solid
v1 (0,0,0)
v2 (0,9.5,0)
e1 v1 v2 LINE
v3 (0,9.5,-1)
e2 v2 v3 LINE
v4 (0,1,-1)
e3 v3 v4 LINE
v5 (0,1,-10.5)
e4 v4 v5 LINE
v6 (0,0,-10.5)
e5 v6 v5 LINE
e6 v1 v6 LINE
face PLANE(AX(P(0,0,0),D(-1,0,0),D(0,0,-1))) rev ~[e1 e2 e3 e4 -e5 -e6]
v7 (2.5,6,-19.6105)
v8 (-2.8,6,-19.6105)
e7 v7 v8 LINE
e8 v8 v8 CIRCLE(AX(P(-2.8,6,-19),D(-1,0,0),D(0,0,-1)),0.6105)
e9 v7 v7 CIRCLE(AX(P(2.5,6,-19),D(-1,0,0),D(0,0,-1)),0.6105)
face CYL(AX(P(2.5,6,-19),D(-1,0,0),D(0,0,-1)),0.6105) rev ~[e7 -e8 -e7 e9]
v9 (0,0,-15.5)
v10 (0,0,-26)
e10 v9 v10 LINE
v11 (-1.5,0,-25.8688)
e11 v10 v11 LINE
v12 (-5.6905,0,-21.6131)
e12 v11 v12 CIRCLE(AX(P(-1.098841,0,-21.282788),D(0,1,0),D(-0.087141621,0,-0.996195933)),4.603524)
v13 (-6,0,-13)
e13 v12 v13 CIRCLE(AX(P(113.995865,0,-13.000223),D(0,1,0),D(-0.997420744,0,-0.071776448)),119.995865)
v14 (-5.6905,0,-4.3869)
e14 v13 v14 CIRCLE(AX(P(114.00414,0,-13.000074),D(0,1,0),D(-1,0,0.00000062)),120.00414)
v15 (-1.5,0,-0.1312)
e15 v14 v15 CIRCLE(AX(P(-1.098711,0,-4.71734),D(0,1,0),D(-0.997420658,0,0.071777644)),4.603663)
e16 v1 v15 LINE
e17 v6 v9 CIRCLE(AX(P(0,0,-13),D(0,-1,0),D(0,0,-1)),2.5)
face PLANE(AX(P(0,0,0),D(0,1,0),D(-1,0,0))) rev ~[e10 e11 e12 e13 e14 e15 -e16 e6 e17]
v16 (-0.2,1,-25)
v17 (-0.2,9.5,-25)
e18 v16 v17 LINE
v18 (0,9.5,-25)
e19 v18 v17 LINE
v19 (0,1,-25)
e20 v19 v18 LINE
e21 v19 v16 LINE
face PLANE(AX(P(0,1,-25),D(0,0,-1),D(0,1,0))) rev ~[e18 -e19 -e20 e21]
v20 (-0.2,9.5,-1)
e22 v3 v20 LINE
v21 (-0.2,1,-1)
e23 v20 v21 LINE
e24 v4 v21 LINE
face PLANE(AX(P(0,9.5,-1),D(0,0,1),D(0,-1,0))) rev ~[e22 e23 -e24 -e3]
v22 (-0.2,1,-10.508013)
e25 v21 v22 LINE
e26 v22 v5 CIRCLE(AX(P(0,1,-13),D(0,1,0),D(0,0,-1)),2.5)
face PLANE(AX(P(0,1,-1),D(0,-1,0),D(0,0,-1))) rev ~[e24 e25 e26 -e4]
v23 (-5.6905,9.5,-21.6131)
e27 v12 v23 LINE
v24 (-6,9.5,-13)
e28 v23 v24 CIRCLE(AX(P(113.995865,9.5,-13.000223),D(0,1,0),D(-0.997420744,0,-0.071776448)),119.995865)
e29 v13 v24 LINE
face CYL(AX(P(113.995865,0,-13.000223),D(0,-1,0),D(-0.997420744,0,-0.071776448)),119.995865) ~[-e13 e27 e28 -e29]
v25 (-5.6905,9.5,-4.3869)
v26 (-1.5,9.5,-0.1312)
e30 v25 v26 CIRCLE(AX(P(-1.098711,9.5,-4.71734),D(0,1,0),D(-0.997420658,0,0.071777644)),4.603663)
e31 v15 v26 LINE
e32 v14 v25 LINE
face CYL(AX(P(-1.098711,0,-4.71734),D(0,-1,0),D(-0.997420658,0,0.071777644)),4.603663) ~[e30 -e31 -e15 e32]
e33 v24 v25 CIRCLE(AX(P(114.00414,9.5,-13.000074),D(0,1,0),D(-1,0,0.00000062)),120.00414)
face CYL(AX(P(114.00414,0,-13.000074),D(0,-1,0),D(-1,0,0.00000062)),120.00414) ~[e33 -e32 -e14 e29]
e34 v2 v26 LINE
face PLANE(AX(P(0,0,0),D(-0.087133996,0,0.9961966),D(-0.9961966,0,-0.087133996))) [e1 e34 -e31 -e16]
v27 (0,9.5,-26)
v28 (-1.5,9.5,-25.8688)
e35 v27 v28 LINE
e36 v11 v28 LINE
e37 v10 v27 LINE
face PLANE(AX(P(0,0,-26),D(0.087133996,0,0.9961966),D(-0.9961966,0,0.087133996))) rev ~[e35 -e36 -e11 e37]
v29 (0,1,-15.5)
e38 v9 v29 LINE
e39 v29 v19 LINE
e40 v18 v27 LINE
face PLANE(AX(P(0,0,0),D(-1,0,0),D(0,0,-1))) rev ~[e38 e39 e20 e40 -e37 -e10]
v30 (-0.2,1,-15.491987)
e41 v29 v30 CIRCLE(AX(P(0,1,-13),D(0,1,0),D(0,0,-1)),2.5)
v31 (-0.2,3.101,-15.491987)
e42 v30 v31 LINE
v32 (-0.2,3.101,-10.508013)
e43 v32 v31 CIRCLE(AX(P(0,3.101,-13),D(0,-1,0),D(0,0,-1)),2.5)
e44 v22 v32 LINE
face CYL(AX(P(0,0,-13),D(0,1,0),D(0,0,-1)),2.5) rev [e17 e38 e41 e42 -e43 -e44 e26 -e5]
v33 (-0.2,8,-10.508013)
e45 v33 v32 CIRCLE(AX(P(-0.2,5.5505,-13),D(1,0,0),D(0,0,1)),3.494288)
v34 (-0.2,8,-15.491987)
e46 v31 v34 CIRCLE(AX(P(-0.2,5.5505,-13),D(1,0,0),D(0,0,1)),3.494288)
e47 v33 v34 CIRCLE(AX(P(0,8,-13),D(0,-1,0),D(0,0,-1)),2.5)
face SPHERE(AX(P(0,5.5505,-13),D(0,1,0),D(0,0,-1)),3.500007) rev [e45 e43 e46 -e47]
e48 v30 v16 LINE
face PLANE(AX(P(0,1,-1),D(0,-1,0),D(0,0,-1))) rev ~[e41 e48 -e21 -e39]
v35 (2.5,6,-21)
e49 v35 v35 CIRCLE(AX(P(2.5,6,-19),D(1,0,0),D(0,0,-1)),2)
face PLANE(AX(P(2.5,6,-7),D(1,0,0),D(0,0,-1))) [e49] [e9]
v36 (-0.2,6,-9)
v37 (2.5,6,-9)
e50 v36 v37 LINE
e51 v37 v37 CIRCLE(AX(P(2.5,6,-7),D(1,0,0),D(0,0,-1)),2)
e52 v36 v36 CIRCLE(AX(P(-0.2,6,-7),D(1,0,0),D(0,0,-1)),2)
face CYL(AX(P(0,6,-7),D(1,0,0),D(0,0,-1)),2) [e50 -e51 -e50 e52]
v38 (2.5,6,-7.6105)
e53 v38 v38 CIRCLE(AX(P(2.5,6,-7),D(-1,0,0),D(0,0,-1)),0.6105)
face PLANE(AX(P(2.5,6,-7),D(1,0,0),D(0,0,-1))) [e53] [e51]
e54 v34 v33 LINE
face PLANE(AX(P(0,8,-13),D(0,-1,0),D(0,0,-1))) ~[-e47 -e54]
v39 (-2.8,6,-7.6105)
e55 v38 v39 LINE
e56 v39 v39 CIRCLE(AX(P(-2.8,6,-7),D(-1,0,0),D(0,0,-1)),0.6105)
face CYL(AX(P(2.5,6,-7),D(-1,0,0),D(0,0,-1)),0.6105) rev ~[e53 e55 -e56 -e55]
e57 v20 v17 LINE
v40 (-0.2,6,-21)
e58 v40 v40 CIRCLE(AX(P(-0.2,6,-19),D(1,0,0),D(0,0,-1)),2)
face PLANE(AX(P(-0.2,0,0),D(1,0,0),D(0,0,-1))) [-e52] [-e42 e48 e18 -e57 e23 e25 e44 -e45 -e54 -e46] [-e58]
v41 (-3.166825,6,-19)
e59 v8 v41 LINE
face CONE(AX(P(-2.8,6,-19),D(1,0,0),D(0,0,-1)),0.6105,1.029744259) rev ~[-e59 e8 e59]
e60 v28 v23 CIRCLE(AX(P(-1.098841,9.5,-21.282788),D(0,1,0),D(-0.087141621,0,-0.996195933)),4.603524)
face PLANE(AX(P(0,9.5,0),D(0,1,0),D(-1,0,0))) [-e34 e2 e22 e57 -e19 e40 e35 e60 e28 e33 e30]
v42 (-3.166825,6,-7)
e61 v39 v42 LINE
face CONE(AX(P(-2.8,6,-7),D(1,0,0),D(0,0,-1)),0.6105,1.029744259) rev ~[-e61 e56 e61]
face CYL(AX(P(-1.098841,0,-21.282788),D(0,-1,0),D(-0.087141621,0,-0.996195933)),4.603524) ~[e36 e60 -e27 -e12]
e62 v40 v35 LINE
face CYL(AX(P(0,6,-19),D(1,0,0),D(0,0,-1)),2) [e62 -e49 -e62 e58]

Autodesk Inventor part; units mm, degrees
ref_plane "YZ Plane" through (0, 0, 0) normal (1, 0, 0) x (0, 1, 0)
ref_plane "XZ Plane" through (0, 0, 0) normal (0, 1, 0) x (-1, 0, 0)
ref_plane "XY Plane" through (0, 0, 0) normal (0, 0, 1) x (1, 0, 0)
sketch "Sketch1" plane through (0, 0, 0) normal (0, 1, 0) x (-1, 0, 0)
  line L0 (0, 0) -> (0, -26)
  line L1 (0, -26) -> (1.5, -25.8688)
  line L2 (-5, -13) -> (15, -13) construction
  line L3 (0, 0) -> (1.5, -0.1312)
  arc A0 (1.5, -25.8688) -> (5.6905, -21.6131) centre (1.0988, -21.2827) ccw
  arc A1 (5.6905, -4.3869) -> (1.5, -0.1312) centre (1.0988, -4.7173) ccw
  arc A2 (5.6905, -21.6131) -> (6, -13) centre (-114, -13) ccw
  arc A3 (6, -13) -> (5.6905, -4.3869) centre (-114, -13) ccw
  dimension "d0" = 26
  dimension "d1" = 85
  dimension "d2" = 1.5
  dimension "d3" = 6
  dimension "d4" = 120
extrude "Extrusion1" add sketch "Sketch1" along normal blind 9.5
sketch "Sketch2" plane through (0, 0, 0) normal (1, 0, 0) x (0, 0, -1)
  circle A0 centre (7, 6) radius 2
  circle A1 centre (19, 6) radius 2
  line L0 (0, 0) -> (26, 0) construction
  line L1 (26, 0) -> (26, 9.5) construction
  line L2 (0, 9.5) -> (1, 9.5) construction
  line L3 (0, 0) -> (0, 9.5) construction
  line L4 (1, 9.5) -> (1, 1)
  line L5 (1, 1) -> (25, 1)
  line L6 (25, 1) -> (25, 9.5)
  line L7 (0, 0) -> (0, 9.5) construction
  line L8 (0, 9.5) -> (1, 9.5) construction
  line L9 (26, 0) -> (26, 9.5) construction
  line L10 (1, 9.5) -> (25, 9.5)
  line L11 (25, 9.5) -> (26, 9.5) construction
  dimension "d7" = 1
  dimension "d8" = 1
  dimension "d9" = 1
extrude "Extrusion2" cut sketch "Sketch2" against normal blind 0.2
sketch "Sketch3" plane through (0, 6, -7) normal (1, 0, 0) x (0, 0, -1)
  circle A0 centre (0, 0) radius 2 projected
  circle A1 centre (0, 0) radius 2
  circle A2 centre (12, 0) radius 2
  point P0 (-7, -6)
extrude "Extrusion3" add sketch "Sketch3" along normal blind 2.5
sketch "Sketch4" plane through (2.5, 6, -7) normal (1, 0, 0) x (0, 0, -1)
  circle A0 centre (12, 0) radius 2 projected
  point P0 (-7, -6)
  point P1 (0, 0)
hole "Hole1" at (2.5, 6, -7) at (2.5, 6, -19) direction (-1, 0, 0) diameter 1.221 depth 5.3 tip angle 118 thread size "M1.6x0.35" class "6H" standard "ANSI Metric M Profile"
sketch "Sketch5" plane through (0, 0, 0) normal (1, 0, 0) x (0, 0, -1)
  line L0 (21.6131, 9.5) -> (4.3869, 9.5) construction
  line L1 (13, 9.5) -> (13, -3) construction
  line L2 (10.5, 8) -> (13, 8) construction
  arc A0 (15.5, 3.101) -> (15.5, 8) centre (13, 5.5505) ccw
  line L3 (21.6131, 0) -> (4.3869, 0) construction
  line L4 (10.5, 0) -> (10.5, 3.101) construction
  line L5 (15.5, 0) -> (15.5, 3.101)
  line L6 (13, 9.0505) -> (13, 8) construction
  arc A1 (13, 2.0505) -> (15.5, 3.101) centre (13, 5.5505) ccw construction
  arc A2 (13, 9.0505) -> (13, 2.0505) centre (13, 5.5505) ccw construction
  arc A3 (15.5, 8) -> (13, 9.0505) centre (13, 5.5505) ccw construction
  line L7 (13, 8) -> (15.5, 8)
  line L8 (13, 8) -> (13, 0)
  line L9 (13, 0) -> (15.5, 0)
  point P0 (0, 0)
  dimension "d24" = 1.5
  dimension "d25" = 5
  dimension "d26" = 7
  dimension "d27" = 5
revolve "Revolution1" cut sketch "Sketch5" angle 360 about axis through (0, 8, -13) along (0, -1, 0)
equation "\"d9\" = d7"
